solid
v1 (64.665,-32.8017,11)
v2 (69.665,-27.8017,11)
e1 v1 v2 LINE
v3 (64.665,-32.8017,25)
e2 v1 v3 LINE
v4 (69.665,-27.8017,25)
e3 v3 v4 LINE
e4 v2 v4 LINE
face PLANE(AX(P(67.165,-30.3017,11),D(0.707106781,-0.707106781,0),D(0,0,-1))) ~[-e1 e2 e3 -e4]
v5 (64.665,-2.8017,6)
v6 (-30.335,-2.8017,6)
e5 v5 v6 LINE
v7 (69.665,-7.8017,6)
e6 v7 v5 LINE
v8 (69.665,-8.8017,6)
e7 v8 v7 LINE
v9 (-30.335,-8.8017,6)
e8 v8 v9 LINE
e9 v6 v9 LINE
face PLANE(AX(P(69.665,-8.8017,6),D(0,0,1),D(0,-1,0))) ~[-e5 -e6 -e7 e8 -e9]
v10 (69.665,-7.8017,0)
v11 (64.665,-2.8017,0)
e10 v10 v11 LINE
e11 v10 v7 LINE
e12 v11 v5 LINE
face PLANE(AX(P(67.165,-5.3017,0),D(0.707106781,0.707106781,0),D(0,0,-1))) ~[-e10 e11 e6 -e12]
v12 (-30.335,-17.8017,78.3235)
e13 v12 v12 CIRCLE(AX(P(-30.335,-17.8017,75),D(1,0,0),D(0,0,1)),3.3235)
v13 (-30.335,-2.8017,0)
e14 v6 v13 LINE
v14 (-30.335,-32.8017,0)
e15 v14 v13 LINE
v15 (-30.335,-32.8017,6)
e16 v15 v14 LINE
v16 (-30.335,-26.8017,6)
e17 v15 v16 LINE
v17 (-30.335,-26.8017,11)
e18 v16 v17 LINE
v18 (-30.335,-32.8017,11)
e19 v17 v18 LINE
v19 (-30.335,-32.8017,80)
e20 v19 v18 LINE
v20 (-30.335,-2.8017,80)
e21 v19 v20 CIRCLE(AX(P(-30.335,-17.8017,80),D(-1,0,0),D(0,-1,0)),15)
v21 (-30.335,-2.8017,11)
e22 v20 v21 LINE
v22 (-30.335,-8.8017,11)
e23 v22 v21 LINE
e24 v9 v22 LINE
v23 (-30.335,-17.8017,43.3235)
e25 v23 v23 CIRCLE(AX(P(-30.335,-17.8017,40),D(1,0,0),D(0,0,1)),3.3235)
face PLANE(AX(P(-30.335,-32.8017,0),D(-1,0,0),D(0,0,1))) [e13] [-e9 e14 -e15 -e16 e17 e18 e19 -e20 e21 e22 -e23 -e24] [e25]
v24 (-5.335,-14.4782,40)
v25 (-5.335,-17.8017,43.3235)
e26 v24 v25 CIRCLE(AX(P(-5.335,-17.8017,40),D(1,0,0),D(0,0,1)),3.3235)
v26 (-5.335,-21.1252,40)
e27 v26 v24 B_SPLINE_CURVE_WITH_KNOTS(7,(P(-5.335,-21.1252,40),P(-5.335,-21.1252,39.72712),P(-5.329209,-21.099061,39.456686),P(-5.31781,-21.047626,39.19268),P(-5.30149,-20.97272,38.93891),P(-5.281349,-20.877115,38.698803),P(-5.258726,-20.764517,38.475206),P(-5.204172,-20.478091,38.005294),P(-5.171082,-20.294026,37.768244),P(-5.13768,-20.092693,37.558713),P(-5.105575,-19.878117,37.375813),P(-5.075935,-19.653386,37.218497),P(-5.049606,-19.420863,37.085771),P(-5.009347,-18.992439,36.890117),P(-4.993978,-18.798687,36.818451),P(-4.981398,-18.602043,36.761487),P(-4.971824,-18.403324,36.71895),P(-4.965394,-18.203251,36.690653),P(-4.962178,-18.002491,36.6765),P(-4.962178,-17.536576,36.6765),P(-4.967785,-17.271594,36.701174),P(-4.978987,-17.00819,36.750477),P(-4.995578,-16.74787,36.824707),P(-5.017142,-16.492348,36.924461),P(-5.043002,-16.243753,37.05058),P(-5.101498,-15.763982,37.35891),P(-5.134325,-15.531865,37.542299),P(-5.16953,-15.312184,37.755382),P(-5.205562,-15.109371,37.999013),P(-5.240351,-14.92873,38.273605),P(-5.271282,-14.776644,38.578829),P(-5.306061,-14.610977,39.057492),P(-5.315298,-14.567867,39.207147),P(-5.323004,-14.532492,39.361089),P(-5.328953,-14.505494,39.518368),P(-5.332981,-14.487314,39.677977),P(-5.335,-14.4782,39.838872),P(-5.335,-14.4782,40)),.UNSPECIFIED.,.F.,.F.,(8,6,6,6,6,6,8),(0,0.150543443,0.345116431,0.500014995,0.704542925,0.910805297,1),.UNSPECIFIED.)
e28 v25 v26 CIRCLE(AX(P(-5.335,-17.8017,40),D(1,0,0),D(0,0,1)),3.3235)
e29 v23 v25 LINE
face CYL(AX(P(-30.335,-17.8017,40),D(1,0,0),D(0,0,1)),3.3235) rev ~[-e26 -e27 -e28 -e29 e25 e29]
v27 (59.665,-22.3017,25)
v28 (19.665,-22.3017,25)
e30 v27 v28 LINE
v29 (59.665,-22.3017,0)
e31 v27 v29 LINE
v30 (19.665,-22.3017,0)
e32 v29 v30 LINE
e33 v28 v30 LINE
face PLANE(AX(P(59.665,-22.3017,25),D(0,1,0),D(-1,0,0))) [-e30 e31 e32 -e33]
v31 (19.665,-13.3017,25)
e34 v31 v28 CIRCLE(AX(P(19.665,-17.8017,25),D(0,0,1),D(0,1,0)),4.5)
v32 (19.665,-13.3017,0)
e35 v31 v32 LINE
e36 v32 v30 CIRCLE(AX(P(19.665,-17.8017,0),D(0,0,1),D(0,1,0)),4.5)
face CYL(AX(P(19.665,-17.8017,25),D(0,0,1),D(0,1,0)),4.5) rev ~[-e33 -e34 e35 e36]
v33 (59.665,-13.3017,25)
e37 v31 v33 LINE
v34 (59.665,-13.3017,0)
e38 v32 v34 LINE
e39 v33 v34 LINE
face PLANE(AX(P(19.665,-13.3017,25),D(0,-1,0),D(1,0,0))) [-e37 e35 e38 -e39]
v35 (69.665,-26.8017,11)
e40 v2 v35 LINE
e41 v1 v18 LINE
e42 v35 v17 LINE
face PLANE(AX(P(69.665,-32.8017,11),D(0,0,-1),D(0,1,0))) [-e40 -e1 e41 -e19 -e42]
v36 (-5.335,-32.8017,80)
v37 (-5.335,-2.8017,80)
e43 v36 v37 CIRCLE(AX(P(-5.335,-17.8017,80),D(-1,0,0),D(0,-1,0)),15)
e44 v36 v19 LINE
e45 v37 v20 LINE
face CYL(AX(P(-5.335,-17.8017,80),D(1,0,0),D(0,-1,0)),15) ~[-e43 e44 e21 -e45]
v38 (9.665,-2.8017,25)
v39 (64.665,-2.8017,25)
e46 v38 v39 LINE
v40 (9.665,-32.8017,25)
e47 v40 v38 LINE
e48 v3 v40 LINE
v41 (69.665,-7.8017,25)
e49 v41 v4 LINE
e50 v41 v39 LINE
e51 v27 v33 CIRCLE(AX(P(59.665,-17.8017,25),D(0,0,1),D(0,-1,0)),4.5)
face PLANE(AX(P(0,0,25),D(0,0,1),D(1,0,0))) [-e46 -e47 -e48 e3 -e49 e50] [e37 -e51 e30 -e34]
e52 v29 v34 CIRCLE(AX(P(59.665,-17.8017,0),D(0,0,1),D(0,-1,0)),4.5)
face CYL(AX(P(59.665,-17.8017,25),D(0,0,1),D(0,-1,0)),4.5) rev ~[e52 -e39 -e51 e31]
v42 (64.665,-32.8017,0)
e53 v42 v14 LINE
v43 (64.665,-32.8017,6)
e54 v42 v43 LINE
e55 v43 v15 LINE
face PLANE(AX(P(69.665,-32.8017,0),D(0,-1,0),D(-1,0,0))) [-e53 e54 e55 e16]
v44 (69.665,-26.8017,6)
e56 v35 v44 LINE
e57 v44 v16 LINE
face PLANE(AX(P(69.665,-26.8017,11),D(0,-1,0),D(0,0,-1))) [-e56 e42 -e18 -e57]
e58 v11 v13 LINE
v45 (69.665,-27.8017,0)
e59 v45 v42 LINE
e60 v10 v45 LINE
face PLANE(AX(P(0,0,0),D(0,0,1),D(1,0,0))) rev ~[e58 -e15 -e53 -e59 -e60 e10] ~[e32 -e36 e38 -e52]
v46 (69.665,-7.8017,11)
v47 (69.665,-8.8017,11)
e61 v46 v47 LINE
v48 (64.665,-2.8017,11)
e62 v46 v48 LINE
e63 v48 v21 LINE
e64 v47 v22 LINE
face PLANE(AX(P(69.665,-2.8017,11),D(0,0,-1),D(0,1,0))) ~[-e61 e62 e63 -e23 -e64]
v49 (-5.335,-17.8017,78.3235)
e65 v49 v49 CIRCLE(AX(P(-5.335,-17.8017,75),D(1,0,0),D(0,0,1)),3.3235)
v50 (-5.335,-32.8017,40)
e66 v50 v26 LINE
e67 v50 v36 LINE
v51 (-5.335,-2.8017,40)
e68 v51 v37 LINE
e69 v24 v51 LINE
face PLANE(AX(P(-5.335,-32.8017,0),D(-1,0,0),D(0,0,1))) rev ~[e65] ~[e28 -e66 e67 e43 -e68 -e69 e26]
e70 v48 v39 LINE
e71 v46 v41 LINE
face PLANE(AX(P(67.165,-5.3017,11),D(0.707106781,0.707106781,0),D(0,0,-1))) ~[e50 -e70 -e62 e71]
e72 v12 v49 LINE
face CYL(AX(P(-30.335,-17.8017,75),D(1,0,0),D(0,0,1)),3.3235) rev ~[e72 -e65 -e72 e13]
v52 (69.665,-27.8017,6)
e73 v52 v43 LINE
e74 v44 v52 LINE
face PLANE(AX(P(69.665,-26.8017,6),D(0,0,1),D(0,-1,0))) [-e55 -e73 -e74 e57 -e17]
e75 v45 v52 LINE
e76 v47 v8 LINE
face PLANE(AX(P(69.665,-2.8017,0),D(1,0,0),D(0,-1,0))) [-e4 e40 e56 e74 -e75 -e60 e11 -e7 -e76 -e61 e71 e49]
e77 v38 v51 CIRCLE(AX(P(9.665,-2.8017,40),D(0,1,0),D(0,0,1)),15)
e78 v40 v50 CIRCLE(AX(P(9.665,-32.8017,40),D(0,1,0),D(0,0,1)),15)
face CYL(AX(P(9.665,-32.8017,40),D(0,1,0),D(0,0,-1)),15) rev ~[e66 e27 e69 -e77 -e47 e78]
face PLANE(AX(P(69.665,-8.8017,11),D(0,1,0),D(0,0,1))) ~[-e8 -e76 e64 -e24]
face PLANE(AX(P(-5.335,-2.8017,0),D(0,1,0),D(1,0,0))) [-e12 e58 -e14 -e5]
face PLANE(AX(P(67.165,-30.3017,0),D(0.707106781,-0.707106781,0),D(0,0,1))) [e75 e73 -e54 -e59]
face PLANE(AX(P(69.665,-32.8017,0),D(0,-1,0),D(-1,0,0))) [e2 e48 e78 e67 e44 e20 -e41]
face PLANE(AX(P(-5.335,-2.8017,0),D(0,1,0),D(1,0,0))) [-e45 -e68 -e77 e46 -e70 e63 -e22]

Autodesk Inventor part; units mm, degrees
ref_plane "YZ Plane" through (0, 0, 0) normal (1, 0, 0) x (0, 1, 0)
ref_plane "XZ Plane" through (0, 0, 0) normal (0, 1, 0) x (-1, 0, 0)
sketch "Sketch2" plane through (0, 0, 0) normal (0, 0, 1) x (1, 0, 0)
  line L0 (-5.335, -2.8017) -> (69.665, -2.8017)
  line L1 (69.665, -2.8017) -> (69.665, -32.8017)
  line L2 (69.665, -32.8017) -> (-5.335, -32.8017)
  line L3 (-5.335, -32.8017) -> (-5.335, -2.8017)
  dimension "d0" = 30
  dimension "d1" = 75
extrude "Extrusion1" add sketch "Sketch2" along normal blind 25
sketch "Sketch3" plane through (-5.335, -32.8017, 0) normal (-1, 0, 0) x (0, 0, 1)
  line L0 (25, 0) -> (25, 30) projected
  line L1 (0, 30) -> (25, 30) projected
  line L2 (0, 0) -> (0, 30) projected
  line L3 (0, 0) -> (25, 0) projected
  line L4 (25, 30) -> (80, 30)
  arc A0 (80, 0) -> (80, 30) centre (80, 15) ccw
  line L5 (80, 0) -> (25, 0)
  dimension "d15" = 80
extrude "Extrusion2" add sketch "Sketch3" along normal blind 25
sketch "Sketch5" plane through (69.665, -32.8017, 0) normal (1, 0, 0) x (0, 0, -1)
  line L0 (0, 0) -> (-25, 0) projected
  line L1 (0, 30) -> (0, 0) projected
  line L2 (-6, 0) -> (-11, 0)
  line L3 (-11, 0) -> (-11, 6)
  line L4 (-11, 6) -> (-6, 6)
  line L5 (-6, 6) -> (-6, 0)
  dimension "d16" = 5
  dimension "d17" = 6
  dimension "d18" = 6
extrude "Extrusion4" cut sketch "Sketch5" against normal through all
ref_plane "Work Plane1" through (-5.335, -17.8017, 25) normal (0, -1, 0) x (1, 0, 0)
mirror "Mirror1" about plane through (-5.335, -17.8017, 25) normal (0, -1, 0) of "Extrusion4"
fillet "Fillet1" radius 15 1 edges at (-5.335, -17.8017, 25)
sketch "Sketch4" plane through (0, 0, 25) normal (0, 0, 1) x (1, 0, 0)
  line L0 (19.665, -13.3017) -> (59.665, -13.3017)
  arc A0 (59.665, -22.3017) -> (59.665, -13.3017) centre (59.665, -17.8017) ccw
  line L1 (59.665, -22.3017) -> (19.665, -22.3017)
  arc A1 (19.665, -13.3017) -> (19.665, -22.3017) centre (19.665, -17.8017) ccw
  line L2 (-30.335, -32.8017) -> (-30.335, -2.8017) projected
  line L3 (69.665, -32.8017) -> (9.665, -32.8017) projected
  line L4 (69.665, -2.8017) -> (69.665, -32.8017) projected
  dimension "d10" = 4.5
  dimension "d12" = 50
  dimension "d21" = 15
  dimension "d22" = 10
extrude "Extrusion3" cut sketch "Sketch4" against normal through all
chamfer "Chamfer2" distance 5 angle 45 4 edges at (69.665, -2.8017, 18) (69.665, -32.8017, 18) (69.665, -2.8017, 3) (69.665, -32.8017, 3)
sketch "Sketch9" plane through (-30.335, -32.8017, 0) normal (-1, 0, 0) x (0, 0, 1)
  line L0 (0, 0) -> (0, 30) projected
  line L1 (80, 0) -> (11, 0) projected
  point P0 (75, 15)
  point P1 (40, 15)
  dimension "d50" = 15
  dimension "d51" = 75
  dimension "d52" = 40
hole "Hole4" at (-30.335, -17.8017, 75) at (-30.335, -17.8017, 40) direction (1, 0, 0) diameter 6.647 end through all thread size "M8x1.25" class "6H" standard "ISO Metric profile"
equation "\"d21\" = 0.5 * d0"
equation "\"d50\" = 0.5 * d0"
properties part number "100006"
